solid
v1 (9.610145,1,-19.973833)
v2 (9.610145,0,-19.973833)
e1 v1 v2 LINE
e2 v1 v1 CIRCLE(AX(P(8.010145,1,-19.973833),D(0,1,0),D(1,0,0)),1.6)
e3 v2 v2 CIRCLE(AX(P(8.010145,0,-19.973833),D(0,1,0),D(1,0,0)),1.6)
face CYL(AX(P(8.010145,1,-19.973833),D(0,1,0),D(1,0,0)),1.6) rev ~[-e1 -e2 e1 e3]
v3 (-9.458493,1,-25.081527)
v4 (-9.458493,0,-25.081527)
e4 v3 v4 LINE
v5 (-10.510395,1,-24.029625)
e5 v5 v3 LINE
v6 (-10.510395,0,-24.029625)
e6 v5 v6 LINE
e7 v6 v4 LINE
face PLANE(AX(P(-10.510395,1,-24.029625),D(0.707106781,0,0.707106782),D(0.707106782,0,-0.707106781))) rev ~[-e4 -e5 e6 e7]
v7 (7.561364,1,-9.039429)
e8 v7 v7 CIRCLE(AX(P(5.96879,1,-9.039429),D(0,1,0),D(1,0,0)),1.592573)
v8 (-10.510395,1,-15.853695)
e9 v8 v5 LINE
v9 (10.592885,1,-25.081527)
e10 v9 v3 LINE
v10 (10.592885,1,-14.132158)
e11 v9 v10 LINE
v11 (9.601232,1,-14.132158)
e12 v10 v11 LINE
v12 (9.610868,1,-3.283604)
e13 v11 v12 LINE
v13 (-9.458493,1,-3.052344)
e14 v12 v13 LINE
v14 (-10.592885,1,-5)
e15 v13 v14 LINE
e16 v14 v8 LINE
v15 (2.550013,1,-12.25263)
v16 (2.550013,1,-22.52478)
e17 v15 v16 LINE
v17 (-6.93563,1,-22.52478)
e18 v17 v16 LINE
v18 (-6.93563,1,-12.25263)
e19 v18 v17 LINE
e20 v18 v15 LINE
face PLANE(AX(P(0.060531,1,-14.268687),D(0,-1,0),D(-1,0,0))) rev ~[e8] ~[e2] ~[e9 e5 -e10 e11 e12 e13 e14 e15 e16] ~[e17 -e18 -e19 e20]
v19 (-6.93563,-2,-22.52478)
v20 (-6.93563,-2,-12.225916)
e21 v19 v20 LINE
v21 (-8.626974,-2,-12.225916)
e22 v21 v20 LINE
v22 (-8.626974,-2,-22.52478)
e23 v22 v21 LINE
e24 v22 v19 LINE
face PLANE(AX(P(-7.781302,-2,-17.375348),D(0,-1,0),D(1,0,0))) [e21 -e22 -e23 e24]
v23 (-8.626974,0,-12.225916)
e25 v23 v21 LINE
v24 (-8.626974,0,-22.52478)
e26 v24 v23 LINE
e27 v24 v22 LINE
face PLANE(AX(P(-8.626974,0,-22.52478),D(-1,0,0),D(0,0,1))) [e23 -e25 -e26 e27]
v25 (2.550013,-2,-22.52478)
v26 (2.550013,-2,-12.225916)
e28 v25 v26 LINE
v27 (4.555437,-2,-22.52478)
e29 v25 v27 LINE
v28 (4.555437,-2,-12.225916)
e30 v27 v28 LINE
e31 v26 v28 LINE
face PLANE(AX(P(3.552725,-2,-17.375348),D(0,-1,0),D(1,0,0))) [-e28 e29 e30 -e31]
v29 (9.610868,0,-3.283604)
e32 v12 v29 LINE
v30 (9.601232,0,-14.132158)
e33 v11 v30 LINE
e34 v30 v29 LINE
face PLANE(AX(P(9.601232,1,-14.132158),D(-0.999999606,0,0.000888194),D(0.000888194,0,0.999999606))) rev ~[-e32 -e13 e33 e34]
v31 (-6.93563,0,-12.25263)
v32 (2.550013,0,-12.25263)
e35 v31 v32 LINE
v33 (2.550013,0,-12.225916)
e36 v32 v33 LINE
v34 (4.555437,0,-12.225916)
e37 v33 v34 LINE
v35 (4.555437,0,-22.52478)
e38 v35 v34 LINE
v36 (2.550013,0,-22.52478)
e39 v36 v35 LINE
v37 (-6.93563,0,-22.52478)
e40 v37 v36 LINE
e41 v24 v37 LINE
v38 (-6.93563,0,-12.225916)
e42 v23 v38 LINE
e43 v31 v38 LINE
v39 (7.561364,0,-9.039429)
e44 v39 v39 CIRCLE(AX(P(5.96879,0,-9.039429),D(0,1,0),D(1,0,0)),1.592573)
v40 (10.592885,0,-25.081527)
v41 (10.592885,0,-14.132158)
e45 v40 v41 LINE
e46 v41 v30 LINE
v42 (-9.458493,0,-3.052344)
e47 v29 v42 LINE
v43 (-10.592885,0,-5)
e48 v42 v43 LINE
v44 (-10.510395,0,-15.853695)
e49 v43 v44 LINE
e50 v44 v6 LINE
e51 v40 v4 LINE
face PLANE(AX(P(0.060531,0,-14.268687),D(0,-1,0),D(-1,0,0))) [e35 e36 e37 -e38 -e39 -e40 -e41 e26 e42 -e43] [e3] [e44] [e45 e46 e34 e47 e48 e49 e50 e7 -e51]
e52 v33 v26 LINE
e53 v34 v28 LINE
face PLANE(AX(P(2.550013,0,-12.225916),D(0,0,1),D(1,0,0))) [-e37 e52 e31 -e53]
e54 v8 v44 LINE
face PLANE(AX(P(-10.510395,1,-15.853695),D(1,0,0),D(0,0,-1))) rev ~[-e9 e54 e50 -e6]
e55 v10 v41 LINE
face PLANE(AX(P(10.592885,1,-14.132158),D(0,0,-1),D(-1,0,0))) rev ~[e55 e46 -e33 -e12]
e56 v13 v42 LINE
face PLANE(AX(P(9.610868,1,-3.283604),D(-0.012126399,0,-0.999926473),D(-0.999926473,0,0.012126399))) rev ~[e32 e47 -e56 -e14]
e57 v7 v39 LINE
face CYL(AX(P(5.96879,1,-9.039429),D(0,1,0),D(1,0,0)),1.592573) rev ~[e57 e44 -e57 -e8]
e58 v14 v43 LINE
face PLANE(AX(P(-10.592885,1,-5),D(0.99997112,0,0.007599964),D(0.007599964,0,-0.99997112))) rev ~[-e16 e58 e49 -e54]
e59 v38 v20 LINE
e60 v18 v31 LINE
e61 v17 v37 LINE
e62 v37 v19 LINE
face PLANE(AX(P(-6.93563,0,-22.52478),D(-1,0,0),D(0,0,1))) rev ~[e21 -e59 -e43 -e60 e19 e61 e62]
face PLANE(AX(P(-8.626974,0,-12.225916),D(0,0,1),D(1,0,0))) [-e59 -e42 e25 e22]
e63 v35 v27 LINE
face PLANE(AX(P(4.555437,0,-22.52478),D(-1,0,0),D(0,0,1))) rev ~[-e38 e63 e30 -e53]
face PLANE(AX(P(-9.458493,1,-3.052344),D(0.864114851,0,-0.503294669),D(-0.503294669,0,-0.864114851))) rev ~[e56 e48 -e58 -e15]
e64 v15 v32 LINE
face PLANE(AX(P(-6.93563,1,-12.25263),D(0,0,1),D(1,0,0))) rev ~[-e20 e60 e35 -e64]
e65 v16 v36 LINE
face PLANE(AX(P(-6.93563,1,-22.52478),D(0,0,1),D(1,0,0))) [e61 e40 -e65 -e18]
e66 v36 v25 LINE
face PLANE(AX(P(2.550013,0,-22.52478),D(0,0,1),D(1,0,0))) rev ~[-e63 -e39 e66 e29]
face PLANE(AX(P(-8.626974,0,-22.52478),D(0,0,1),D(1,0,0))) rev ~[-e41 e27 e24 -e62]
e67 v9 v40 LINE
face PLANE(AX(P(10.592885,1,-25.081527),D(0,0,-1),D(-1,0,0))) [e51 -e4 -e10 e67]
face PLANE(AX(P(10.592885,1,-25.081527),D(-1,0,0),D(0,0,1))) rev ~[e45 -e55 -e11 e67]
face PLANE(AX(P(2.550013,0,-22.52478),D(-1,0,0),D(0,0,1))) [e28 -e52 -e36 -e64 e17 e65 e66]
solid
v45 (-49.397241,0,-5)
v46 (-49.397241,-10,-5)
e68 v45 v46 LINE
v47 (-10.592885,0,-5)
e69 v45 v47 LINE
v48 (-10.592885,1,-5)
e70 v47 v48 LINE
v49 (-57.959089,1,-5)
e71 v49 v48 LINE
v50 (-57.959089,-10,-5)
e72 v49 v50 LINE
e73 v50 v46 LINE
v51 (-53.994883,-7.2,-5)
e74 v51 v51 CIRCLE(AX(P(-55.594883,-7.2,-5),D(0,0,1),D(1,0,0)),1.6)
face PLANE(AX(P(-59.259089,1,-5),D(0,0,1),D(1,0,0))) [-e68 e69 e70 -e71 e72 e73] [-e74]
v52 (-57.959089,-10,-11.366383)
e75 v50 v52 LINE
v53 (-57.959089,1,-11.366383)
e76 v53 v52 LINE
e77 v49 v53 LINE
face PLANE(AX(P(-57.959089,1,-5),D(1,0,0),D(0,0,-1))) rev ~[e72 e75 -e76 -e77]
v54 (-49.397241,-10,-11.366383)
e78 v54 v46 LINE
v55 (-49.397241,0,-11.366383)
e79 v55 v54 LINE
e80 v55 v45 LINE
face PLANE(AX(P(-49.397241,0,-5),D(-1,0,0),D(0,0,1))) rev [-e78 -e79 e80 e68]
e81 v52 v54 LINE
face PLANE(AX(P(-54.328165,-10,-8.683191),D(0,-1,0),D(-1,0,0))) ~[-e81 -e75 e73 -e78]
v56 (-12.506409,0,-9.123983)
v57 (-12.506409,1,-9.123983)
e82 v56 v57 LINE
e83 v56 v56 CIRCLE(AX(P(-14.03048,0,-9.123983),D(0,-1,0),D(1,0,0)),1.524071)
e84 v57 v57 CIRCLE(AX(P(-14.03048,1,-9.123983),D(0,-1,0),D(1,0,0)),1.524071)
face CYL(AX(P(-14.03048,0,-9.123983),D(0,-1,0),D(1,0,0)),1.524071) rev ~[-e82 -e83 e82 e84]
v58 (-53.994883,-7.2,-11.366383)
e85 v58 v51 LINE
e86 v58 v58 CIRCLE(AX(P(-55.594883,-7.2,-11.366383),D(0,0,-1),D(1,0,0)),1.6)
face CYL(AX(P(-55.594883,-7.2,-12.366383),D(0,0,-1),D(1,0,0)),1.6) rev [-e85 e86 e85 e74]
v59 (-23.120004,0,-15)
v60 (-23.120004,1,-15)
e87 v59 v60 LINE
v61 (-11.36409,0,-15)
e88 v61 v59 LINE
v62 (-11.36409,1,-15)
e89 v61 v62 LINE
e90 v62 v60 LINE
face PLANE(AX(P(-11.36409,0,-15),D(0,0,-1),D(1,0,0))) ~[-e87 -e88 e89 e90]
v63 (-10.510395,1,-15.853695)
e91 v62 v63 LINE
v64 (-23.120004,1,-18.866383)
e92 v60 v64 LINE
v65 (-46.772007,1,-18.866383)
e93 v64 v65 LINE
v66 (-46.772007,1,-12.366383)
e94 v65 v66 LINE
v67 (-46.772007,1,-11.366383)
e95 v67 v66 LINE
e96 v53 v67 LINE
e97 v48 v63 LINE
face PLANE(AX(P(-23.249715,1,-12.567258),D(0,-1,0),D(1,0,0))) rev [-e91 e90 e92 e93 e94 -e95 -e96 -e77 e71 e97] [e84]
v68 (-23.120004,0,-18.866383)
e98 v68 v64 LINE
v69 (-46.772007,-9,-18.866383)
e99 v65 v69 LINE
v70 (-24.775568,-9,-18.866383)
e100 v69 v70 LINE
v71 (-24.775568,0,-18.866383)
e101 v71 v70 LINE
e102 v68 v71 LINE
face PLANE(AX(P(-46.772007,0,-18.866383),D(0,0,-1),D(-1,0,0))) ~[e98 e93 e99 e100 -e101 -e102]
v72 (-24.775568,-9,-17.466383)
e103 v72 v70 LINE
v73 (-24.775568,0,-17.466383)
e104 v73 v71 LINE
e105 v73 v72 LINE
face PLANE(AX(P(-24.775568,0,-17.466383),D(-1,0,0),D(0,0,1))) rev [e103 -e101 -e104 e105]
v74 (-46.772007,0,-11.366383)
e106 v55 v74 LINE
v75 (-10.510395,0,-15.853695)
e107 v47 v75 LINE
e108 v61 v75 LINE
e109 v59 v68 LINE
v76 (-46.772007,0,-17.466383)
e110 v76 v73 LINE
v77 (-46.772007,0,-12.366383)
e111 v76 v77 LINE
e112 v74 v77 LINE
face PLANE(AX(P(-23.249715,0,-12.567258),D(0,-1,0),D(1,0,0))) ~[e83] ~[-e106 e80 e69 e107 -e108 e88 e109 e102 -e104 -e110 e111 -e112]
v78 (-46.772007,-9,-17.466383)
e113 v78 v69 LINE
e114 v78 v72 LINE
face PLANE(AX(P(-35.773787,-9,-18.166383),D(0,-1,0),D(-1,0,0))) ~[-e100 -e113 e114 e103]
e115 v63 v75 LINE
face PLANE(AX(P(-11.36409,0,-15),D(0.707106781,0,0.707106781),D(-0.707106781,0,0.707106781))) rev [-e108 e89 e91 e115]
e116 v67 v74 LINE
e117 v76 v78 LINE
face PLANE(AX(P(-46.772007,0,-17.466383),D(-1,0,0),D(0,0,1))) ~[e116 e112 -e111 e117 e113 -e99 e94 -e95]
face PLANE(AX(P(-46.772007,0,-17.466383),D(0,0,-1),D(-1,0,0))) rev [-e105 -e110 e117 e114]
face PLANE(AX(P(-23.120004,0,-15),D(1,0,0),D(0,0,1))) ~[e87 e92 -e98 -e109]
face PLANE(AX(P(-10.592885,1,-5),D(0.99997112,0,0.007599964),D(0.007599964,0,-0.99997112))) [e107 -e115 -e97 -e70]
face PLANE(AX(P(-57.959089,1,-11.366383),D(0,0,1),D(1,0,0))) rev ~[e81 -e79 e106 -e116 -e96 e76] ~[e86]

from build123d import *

# Parameters (mm, degrees)
SKETCH_1_R          = 1.524071043
SKETCH_1_R_2        = 1.6
EXTRUDE_1_DEPTH     = 1
SKETCH_2_W          = 21.996438878
SKETCH_2_H          = 1.4
EXTRUDE_2_DEPTH     = 9
SKETCH_3_W          = 9.861847607
SKETCH_3_H          = 7.366382786
EXTRUDE_3_DEPTH     = 10
SKETCH_5_R          = 1.6
CUT_EXTRUDE_1_DEPTH = 7.366383
CUT_EXTRUDE_2_DEPTH = 12
SKETCH_7_R          = 1.592573362
SKETCH_7_R_2        = 1.6
SKETCH_7_W          = 9.485642318
SKETCH_7_H          = 10.27215013
EXTRUDE_4_DEPTH     = 1
SKETCH_8_W          = 1.691344217
SKETCH_8_H          = 10.298863766
SKETCH_8_W_2        = 2.005424039
EXTRUDE_5_DEPTH     = 2
SKETCH_9_W          = 1.3
SKETCH_9_H          = 7.366382786
CUT_EXTRUDE_3_DEPTH = 11
SKETCH_10_W         = 11.187081985
SKETCH_10_H         = 1
CUT_EXTRUDE_4_DEPTH = 11


with BuildPart() as part:
    # 草图1 → 凸台-拉伸1 (new body)
    with BuildSketch(Plane(origin=(0, 0, 0), x_dir=(1, 0, 0), z_dir=(0, 1, 0))):
        Polygon((-59.259088641, 5), (-10.592885375, 5), (-7.033226841, 1.452276921), (10.592885375, 1.452276921), (10.592885375, -5), (10.592885375, -12.524779967), (-8.311746214, -12.524779967), (-10.311746214, -10.524779967), (-10.311746214, -6.052343932), (-11.311746214, -5.052343932), (-11.364090146, -5), (-23.120004307, -5), (-23.120004307, -8.866382786), (-46.772006656, -8.866382786), (-46.772006656, -2.366382786), (-59.259088641, -2.366382786), (-59.259088641, 0), align=None)
        with Locations((-14.030480272, 0.876017114)):
            Circle(SKETCH_1_R, mode=Mode.SUBTRACT)
        with Locations((5.968790226, -10.352689008)):
            Circle(SKETCH_1_R_2, mode=Mode.SUBTRACT)
    extrude_1 = extrude(amount=EXTRUDE_1_DEPTH)

    # 草图2 → 凸台-拉伸2 (add)
    with BuildSketch(Plane.XZ):
        with Locations((-35.773787217, 8.166382786)):
            Rectangle(SKETCH_2_W, SKETCH_2_H)
    extrude_2 = extrude(amount=EXTRUDE_2_DEPTH)

    # 草图3 → 凸台-拉伸3 (add)
    with BuildSketch(Plane.XZ):
        with Locations((-54.328164838, -1.316808607)):
            Rectangle(SKETCH_3_W, SKETCH_3_H)
    extrude_3 = extrude(amount=EXTRUDE_3_DEPTH)

    # 草图5 → 切除-拉伸1 (cut)
    with BuildSketch(Plane.XY.offset(2.366382786)):
        with Locations((-55.594883285, -7.2)):
            Circle(SKETCH_5_R)
    cut_extrude_1 = extrude(amount=-CUT_EXTRUDE_1_DEPTH, mode=Mode.SUBTRACT)

    # 镜向3: 凸台-拉伸1, 凸台-拉伸2, 凸台-拉伸3, 切除-拉伸1 across plane
    add(extrude_1.mirror(Plane(origin=(-59.259088641, 1, -5), x_dir=(1, 0, 0), z_dir=(0, 0, 1))))
    add(extrude_2.mirror(Plane(origin=(-59.259088641, 1, -5), x_dir=(1, 0, 0), z_dir=(0, 0, 1))))
    add(extrude_3.mirror(Plane(origin=(-59.259088641, 1, -5), x_dir=(1, 0, 0), z_dir=(0, 0, 1))))
    add(cut_extrude_1.mirror(Plane(origin=(-59.259088641, 1, -5), x_dir=(1, 0, 0), z_dir=(0, 0, 1))), mode=Mode.SUBTRACT)

    # 草图6 → 切除-拉伸2 (cut, through all)
    with BuildSketch(Plane(origin=(0, 1, 0), x_dir=(1, 0, 0), z_dir=(0, 1, 0))):
        Polygon((-59.259088641, 5), (-10.592885375, 5), (-10.459693835, 22.524779967), (10.592885375, 22.524779967), (10.592885375, 5), (10.592885375, -12.524779967), (-59.259088641, -12.524779967), align=None)
    extrude(amount=-CUT_EXTRUDE_2_DEPTH, mode=Mode.SUBTRACT)

    # 草图9 → 切除-拉伸3 (cut)
    with BuildSketch(Plane(origin=(0, 1, 0), x_dir=(1, 0, 0), z_dir=(0, 1, 0))):
        with Locations((-58.609088641, 8.683191393)):
            Rectangle(SKETCH_9_W, SKETCH_9_H)
    extrude(amount=-CUT_EXTRUDE_3_DEPTH, mode=Mode.SUBTRACT)

    # 草图10 → 切除-拉伸4 (cut)
    with BuildSketch(Plane(origin=(0, 1, 0), x_dir=(1, 0, 0), z_dir=(0, 1, 0))):
        with Locations((-52.365547648, 11.866382786)):
            Rectangle(SKETCH_10_W, SKETCH_10_H)
    extrude(amount=-CUT_EXTRUDE_4_DEPTH, mode=Mode.SUBTRACT)


with BuildPart() as body_2:
    # 草图7 → 凸台-拉伸4 (new body)
    with BuildSketch(Plane(origin=(0, 1, 0), x_dir=(1, 0, 0), z_dir=(0, 1, 0))):
        Polygon((-10.510395305, 15.853694841), (-10.510395305, 24.029624988), (-9.458493443, 25.081526849), (6.768801236, 25.081526849), (10.592885375, 25.081526849), (10.592885375, 14.132157603), (9.601232072, 14.132157603), (9.610867698, 3.283603617), (-9.458493443, 3.052343932), (-10.592885375, 5), align=None)
        with Locations((5.968790226, 9.039428566)):
            Circle(SKETCH_7_R, mode=Mode.SUBTRACT)
        with Locations((8.010144522, 19.973832655)):
            Circle(SKETCH_7_R_2, mode=Mode.SUBTRACT)
        with Locations((-2.192808553, 17.388704902)):
            Rectangle(SKETCH_7_W, SKETCH_7_H, mode=Mode.SUBTRACT)
    extrude(amount=-EXTRUDE_4_DEPTH)

    # 草图8 → 凸台-拉伸5 (add)
    with BuildSketch(Plane.XZ):
        with Locations((-7.781301821, -17.375348084)):
            Rectangle(SKETCH_8_W, SKETCH_8_H)
        with Locations((3.552724626, -17.375348084)):
            Rectangle(SKETCH_8_W_2, SKETCH_8_H)
    extrude(amount=EXTRUDE_5_DEPTH)


solid = Compound([part.part, body_2.part])
